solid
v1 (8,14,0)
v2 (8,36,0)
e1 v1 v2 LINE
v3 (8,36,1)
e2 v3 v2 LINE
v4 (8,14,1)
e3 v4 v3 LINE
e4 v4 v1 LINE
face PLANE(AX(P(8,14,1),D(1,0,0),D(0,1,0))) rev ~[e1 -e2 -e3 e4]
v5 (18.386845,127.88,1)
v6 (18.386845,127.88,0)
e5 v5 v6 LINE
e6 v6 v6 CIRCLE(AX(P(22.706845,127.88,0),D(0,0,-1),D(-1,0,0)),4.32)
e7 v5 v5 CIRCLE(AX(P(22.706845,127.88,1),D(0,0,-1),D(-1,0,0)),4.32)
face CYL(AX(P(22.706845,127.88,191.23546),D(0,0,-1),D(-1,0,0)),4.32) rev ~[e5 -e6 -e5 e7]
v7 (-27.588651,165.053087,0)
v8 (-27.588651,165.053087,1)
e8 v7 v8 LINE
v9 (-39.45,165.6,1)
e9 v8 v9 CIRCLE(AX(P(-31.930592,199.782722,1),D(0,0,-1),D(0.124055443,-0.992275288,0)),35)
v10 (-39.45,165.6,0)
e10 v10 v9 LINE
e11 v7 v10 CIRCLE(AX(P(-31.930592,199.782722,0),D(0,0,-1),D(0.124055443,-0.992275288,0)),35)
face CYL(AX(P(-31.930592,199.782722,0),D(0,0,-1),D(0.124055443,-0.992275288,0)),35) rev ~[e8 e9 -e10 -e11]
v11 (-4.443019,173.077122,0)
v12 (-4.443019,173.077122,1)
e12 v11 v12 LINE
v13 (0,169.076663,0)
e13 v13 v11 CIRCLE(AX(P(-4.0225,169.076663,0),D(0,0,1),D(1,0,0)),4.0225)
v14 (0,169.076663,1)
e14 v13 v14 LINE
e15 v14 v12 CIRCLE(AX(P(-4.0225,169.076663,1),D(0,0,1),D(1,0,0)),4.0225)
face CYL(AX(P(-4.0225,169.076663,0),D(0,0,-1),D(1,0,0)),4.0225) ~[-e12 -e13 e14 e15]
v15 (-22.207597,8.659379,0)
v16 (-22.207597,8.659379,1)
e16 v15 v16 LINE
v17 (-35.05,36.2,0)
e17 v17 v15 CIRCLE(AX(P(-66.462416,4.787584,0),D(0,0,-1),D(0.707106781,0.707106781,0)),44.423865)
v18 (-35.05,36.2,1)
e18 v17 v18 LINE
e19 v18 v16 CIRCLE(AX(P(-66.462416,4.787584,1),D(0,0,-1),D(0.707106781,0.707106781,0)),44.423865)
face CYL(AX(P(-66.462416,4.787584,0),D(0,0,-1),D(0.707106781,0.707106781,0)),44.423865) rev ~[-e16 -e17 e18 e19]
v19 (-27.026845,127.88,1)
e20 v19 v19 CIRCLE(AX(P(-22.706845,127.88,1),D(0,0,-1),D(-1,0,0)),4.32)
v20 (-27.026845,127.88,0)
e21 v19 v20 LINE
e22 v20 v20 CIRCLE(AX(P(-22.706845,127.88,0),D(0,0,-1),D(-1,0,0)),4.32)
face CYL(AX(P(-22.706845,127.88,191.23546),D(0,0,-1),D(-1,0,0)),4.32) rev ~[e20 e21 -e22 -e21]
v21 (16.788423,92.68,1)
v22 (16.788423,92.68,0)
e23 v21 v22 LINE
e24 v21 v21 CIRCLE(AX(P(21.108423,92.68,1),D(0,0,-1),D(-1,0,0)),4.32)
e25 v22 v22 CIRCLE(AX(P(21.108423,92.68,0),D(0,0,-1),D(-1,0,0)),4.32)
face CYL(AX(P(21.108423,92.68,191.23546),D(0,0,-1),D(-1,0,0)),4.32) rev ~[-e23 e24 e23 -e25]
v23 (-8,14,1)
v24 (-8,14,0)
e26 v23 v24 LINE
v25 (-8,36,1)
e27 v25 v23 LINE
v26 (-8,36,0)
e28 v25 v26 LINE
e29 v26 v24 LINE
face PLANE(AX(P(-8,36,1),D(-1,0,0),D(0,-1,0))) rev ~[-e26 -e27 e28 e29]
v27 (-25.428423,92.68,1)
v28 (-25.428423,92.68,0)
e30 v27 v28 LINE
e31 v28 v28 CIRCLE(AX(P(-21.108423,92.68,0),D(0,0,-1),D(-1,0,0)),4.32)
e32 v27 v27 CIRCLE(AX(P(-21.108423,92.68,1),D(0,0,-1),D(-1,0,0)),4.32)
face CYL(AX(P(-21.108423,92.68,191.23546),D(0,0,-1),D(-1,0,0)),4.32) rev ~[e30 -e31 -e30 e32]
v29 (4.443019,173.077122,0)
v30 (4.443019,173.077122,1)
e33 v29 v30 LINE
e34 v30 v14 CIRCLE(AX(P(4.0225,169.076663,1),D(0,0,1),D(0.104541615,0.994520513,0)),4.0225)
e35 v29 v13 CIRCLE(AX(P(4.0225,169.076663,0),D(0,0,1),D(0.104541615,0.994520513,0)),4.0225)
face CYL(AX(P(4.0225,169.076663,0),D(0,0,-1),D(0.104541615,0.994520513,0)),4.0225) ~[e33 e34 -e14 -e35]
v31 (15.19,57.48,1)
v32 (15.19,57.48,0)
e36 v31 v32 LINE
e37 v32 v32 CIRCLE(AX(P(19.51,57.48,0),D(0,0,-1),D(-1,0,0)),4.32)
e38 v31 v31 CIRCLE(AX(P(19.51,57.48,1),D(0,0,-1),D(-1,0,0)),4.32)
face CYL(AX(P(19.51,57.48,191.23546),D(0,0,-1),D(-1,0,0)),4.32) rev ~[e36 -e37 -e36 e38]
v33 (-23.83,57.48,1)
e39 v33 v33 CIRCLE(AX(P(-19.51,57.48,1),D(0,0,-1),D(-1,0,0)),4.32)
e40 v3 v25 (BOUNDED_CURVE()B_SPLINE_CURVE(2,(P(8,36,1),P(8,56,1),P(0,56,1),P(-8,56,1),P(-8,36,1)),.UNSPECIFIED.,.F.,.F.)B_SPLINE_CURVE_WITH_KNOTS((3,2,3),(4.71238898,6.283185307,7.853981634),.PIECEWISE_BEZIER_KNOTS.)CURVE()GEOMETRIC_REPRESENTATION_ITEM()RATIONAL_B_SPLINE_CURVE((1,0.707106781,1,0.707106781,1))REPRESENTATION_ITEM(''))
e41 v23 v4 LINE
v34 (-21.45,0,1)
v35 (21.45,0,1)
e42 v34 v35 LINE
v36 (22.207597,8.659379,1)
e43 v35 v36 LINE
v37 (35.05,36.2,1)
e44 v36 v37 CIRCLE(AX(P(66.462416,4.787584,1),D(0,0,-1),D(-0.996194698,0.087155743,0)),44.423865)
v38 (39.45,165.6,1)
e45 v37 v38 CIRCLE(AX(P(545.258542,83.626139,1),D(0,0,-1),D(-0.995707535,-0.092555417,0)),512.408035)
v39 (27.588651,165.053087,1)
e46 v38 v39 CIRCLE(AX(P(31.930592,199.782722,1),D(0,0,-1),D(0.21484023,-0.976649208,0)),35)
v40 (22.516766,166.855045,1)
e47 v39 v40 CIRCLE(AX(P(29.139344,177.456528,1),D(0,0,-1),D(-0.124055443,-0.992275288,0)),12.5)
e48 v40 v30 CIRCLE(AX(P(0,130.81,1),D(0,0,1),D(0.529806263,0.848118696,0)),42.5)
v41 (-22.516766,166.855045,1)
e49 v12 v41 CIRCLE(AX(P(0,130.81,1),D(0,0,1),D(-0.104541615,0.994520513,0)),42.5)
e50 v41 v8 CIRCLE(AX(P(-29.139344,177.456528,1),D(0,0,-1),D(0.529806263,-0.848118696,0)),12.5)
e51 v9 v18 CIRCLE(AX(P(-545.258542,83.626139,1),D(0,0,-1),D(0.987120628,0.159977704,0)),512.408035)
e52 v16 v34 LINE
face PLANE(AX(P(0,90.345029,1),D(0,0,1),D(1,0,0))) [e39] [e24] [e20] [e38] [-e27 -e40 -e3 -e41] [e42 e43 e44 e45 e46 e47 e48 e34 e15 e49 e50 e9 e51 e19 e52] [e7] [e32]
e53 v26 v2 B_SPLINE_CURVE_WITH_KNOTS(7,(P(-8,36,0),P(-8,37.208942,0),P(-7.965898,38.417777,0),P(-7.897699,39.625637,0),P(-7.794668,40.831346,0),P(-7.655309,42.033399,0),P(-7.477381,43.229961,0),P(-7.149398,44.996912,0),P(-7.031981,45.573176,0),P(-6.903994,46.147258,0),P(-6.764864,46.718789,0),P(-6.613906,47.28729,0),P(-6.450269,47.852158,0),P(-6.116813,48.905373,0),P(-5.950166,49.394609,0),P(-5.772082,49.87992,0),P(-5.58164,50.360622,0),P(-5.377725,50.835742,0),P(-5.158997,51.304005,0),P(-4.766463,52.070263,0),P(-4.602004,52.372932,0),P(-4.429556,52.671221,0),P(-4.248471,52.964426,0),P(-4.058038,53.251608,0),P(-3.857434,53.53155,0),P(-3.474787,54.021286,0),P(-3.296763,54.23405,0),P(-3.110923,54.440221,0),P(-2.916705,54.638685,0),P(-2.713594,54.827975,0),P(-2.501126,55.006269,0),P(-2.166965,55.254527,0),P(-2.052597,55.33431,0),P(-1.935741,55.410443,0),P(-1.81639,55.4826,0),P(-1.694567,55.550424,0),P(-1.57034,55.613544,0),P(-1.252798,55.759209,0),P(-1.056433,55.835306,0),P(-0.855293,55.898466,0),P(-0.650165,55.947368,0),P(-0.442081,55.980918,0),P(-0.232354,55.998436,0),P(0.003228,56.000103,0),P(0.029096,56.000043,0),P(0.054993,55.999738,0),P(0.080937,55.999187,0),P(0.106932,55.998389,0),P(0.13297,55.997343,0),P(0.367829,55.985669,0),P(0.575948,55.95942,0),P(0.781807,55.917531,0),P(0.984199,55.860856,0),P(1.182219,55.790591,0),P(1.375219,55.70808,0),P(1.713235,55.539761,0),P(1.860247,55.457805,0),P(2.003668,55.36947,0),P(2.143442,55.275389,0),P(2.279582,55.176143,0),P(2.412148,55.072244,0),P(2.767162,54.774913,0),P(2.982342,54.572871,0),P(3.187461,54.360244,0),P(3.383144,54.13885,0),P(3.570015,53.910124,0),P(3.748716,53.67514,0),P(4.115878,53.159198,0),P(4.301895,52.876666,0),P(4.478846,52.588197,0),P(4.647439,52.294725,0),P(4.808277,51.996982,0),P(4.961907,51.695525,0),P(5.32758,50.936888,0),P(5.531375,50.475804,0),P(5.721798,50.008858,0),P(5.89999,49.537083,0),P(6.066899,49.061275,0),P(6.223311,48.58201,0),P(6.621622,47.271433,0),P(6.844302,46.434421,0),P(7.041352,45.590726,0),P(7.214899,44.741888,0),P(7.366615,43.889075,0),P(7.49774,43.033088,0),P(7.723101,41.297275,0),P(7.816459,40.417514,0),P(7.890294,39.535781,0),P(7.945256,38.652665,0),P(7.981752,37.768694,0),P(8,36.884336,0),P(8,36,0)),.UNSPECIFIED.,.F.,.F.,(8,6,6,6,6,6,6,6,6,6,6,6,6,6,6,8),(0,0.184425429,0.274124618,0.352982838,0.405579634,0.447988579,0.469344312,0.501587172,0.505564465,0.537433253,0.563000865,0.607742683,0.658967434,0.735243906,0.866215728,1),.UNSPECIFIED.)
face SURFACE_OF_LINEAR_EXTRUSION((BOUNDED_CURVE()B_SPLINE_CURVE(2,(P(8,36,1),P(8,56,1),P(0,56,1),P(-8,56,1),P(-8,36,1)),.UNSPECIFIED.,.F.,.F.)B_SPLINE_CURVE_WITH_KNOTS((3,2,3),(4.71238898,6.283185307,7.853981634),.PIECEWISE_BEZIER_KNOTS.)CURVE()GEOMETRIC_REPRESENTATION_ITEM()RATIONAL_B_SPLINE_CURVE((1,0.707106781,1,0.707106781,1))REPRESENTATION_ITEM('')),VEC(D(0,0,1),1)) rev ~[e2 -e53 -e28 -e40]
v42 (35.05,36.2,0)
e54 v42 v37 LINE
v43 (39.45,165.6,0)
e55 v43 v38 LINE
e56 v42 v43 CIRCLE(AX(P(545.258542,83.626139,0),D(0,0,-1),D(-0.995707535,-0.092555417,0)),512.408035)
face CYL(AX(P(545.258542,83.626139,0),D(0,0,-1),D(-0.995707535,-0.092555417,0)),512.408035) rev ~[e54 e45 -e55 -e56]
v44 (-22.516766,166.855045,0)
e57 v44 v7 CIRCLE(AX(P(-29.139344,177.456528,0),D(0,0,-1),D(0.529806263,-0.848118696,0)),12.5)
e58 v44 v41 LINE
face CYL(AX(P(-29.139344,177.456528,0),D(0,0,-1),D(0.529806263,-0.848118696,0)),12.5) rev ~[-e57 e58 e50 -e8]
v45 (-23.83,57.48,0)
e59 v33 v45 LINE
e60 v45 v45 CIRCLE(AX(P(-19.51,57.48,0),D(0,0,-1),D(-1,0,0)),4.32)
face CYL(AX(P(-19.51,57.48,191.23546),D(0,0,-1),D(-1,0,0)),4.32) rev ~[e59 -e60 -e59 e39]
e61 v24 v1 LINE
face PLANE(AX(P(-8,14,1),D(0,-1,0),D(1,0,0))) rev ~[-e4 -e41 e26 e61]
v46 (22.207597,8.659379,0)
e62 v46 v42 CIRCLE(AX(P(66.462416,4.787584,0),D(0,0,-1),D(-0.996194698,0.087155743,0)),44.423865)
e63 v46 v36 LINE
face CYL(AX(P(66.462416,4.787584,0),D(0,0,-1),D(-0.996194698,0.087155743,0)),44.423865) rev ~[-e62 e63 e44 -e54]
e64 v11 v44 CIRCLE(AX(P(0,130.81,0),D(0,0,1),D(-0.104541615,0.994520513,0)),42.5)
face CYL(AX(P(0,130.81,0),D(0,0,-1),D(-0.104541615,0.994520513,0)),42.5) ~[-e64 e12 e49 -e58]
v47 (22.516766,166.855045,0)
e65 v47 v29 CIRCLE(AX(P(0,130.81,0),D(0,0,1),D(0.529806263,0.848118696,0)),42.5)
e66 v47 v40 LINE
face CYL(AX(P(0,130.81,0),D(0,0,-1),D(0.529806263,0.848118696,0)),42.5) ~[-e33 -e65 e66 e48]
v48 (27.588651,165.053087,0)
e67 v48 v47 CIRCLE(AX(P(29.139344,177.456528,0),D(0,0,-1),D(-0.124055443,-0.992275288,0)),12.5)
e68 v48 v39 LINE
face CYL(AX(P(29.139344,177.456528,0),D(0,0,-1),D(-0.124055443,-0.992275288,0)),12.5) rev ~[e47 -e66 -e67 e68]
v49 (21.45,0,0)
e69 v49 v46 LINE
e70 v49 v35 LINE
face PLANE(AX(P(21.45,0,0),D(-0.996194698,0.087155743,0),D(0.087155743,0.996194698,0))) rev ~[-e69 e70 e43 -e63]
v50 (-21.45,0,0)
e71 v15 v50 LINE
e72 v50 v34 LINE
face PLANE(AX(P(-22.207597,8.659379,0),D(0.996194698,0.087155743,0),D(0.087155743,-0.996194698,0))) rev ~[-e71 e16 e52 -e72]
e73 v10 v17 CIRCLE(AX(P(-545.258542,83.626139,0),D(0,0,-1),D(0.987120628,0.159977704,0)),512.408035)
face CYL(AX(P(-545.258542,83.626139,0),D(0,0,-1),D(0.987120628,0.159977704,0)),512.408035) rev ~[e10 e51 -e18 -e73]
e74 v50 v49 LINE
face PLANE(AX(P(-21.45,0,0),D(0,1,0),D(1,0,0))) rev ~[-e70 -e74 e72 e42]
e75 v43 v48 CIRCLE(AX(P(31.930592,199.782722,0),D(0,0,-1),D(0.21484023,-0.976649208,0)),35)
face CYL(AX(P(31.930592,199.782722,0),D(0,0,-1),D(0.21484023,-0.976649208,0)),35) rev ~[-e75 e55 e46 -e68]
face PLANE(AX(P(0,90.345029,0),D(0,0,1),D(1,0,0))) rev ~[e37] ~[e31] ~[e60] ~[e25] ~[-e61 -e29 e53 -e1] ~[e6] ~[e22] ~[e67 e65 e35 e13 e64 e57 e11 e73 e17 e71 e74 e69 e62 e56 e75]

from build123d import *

# Parameters (mm, degrees)
F1_DEPTH = 1
F3_D     = 8.64
F4_DEPTH = 25


with BuildPart() as f1:
    # F0 (on Top) → F1 (new body)
    with BuildSketch(Plane.XY):
        with BuildLine():
            Line((-21.45, 0), (0, 0))
            Line((0, 0), (21.45, 0))
            Line((21.45, 0), (22.2075974907, 8.6593789428))
            ThreePointArc((22.2075974907, 8.6593789428), (26.2007214664, 23.5619205011), (35.05, 36.2))
            ThreePointArc((35.05, 36.2), (33.1464754087, 101.0395325209), (39.45, 165.6))
            ThreePointArc((39.45, 165.6), (33.5426879174, 164.8198684719), (27.5886514491, 165.0530872052))
            ThreePointArc((27.5886514491, 165.0530872052), (24.9545680687, 165.6778337109), (22.5167661948, 166.8550445988))
            ThreePointArc((22.5167661948, 166.8550445988), (13.834235102, 170.9953697151), (4.4430186473, 173.0771218005))
            ThreePointArc((4.4430186473, 173.0771218005), (1.3309419019, 172.0659808949), (0, 169.0766630372))
            ThreePointArc((0, 169.0766630372), (-1.3309419019, 172.0659808949), (-4.4430186473, 173.0771218005))
            ThreePointArc((-4.4430186473, 173.0771218005), (-13.834235102, 170.9953697151), (-22.5167661948, 166.8550445988))
            ThreePointArc((-22.5167661948, 166.8550445988), (-24.9545680687, 165.6778337109), (-27.5886514491, 165.0530872052))
            ThreePointArc((-27.5886514491, 165.0530872052), (-33.5426879174, 164.8198684719), (-39.45, 165.6))
            ThreePointArc((-39.45, 165.6), (-33.1464754087, 101.0395325209), (-35.05, 36.2))
            ThreePointArc((-35.05, 36.2), (-26.2007214664, 23.5619205011), (-22.2075974907, 8.6593789428))
            Line((-22.2075974907, 8.6593789428), (-21.45, 0))
        make_face()
    extrude(amount=F1_DEPTH)

    # F3 (through all)
    with Locations(Plane.XY.offset(1)):
        with Locations((-19.51, 57.48), (-21.1084226467, 92.68), (-22.7068452934, 127.88), (22.7068452934, 127.88), (21.1084226467, 92.68), (19.51, 57.48)):
            Hole(F3_D / 2)

    # F5 (on face) → F4 (cut)
    with BuildSketch(Plane.XY.offset(1)):
        with BuildLine():
            Line((-8, 14), (0, 14))
            Line((0, 14), (8, 14))
            Line((8, 14), (8, 36))
            add(Edge.make_bspline(
                [(8, 36), (8, 56), (0, 56), (-8, 56), (-8, 36)],
                knots=[4.7123889804, 4.7123889804, 4.7123889804, 6.2831853072, 6.2831853072, 7.853981634, 7.853981634, 7.853981634], degree=2, weights=[1, 0.7071067812, 1, 0.7071067812, 1]))
            Line((-8, 36), (-8, 14))
        make_face()
    extrude(amount=-F4_DEPTH, mode=Mode.SUBTRACT)


solid = f1.part
